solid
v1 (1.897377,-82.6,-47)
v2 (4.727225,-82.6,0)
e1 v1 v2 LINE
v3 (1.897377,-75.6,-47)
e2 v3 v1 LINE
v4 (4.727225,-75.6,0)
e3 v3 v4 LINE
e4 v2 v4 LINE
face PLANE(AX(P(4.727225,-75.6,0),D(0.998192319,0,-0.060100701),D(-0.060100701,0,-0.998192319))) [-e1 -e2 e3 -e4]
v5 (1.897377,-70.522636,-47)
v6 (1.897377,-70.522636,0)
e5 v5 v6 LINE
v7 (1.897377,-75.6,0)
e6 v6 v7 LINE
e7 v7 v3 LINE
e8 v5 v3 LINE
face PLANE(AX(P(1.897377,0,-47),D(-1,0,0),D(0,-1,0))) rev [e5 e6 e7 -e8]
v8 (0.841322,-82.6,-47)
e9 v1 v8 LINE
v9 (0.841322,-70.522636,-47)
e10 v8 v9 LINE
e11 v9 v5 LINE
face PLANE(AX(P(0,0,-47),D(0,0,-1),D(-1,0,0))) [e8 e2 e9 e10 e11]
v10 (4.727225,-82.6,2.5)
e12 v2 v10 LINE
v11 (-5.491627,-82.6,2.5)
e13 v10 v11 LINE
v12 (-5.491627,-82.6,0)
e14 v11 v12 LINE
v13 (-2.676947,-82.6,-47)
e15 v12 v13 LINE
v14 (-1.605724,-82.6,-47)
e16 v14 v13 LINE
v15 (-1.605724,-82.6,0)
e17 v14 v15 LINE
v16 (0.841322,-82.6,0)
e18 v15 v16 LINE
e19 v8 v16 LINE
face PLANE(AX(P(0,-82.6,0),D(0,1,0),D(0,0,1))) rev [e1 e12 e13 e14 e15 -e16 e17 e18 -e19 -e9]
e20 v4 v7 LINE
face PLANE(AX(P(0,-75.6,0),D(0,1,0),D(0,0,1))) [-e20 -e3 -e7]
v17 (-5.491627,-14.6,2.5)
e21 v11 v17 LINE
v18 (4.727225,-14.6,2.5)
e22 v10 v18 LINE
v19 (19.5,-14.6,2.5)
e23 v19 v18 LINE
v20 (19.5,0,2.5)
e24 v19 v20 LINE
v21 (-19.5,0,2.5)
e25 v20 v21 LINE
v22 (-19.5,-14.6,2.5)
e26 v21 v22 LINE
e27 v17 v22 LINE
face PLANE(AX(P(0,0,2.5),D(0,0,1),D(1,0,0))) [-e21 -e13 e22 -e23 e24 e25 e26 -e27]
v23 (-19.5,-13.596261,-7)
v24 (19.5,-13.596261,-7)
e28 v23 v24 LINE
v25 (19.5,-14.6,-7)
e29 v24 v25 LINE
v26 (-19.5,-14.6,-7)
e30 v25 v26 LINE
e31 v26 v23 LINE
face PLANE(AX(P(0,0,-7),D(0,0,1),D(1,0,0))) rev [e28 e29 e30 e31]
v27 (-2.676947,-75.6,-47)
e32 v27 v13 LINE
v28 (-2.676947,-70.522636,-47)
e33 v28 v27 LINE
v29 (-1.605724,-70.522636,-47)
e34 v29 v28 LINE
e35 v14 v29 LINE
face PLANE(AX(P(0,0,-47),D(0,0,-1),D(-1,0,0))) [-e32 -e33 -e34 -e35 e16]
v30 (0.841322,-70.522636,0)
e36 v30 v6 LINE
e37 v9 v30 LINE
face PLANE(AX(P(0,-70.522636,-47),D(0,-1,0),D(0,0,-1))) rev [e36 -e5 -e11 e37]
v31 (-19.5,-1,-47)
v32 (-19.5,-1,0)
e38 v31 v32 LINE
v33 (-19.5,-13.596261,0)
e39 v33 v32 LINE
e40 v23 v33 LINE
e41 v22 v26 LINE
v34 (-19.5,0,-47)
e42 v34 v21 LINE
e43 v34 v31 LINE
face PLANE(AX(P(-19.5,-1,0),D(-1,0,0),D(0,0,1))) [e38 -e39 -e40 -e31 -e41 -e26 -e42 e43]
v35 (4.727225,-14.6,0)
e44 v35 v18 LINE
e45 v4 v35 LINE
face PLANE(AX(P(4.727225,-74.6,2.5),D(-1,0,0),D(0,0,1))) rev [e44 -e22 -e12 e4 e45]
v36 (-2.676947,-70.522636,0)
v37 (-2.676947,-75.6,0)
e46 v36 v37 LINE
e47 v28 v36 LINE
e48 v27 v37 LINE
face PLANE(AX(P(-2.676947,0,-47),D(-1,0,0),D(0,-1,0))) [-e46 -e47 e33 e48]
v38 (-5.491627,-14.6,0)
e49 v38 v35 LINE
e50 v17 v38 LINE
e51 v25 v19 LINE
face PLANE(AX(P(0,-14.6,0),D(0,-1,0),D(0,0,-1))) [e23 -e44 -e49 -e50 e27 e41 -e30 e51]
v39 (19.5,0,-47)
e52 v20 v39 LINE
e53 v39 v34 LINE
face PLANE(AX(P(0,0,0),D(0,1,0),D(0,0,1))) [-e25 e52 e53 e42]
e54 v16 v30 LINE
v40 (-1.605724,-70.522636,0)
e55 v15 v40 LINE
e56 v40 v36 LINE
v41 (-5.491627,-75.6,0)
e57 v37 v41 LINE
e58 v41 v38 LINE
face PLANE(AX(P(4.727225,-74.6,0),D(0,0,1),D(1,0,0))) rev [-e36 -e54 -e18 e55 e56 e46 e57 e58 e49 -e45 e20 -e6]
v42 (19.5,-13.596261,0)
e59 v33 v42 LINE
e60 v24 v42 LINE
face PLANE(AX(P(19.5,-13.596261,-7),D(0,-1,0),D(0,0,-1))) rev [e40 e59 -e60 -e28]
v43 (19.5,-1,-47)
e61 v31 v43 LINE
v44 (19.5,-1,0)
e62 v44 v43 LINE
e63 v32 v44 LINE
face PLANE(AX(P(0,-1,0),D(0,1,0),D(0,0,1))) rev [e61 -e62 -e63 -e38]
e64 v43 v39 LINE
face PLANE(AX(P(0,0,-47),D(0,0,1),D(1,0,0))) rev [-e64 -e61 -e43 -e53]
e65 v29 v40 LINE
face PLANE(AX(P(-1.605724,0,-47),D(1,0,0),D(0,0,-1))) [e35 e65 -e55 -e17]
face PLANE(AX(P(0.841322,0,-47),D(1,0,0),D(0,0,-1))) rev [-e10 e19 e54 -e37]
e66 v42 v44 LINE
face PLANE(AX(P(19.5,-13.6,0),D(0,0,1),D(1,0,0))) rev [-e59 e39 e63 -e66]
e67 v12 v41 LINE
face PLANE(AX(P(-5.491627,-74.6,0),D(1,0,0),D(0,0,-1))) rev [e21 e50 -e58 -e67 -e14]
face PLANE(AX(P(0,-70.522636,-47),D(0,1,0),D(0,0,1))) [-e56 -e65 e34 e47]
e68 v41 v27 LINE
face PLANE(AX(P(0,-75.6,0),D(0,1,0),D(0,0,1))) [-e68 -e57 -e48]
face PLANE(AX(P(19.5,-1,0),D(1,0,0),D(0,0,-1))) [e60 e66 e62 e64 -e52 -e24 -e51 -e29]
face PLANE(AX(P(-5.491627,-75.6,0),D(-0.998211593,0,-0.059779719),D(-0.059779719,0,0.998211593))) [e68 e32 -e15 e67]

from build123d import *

# Parameters (mm, degrees)
EXTRUDE_1_DEPTH      = 1
EXTRUDE_2_DEPTH      = 2.5
EXTRUDE_2_DEPTH_BACK = 47
SKETCH_2_W           = 39
SKETCH_2_H           = 1
SKETCH_3_W           = 39
SKETCH_3_H           = 2.5
EXTRUDE_3_DEPTH      = 12.6
SKETCH_5_W           = 39
SKETCH_5_H           = 2.5
EXTRUDE_4_DEPTH      = 1
SKETCH_6_W           = 39
SKETCH_6_H           = 1.003738559
EXTRUDE_5_DEPTH      = 7
SKETCH_7_W           = 10.218852435
SKETCH_7_H           = 2.5
EXTRUDE_6_DEPTH      = 60
SKETCH_8_W           = 10.218852435
SKETCH_8_H           = 2.5
EXTRUDE_7_DEPTH      = 8
SKETCH_9_W           = 1.056054664
SKETCH_9_H           = 12.077363823
SKETCH_9_W_2         = 1.071222475
EXTRUDE_8_DEPTH      = 47
EXTRUDE_9_DEPTH      = 7


with BuildPart() as part:
    # 草圖1 → 填料-伸長1 (new body)
    with BuildSketch(Plane(origin=(0, 0, 0), x_dir=(1, 0, 0), z_dir=(0, 1, 0))):
        Polygon((-19.5, 0), (19.5, 0), (19.5, 7.09904377), (-12.701429462, 7.09904377), (-19.5, 10.228453209), align=None)
    extrude(amount=-EXTRUDE_1_DEPTH)

    # 草圖2 → 填料-伸長2 (add, two sides: drawn at the far end of the back side and taken through both)
    with BuildSketch(Plane.XY.offset(-EXTRUDE_2_DEPTH_BACK)):
        with Locations((0, -0.5)):
            Rectangle(SKETCH_2_W, SKETCH_2_H)
    extrude(amount=EXTRUDE_2_DEPTH + EXTRUDE_2_DEPTH_BACK)

    # 草圖3 → 填料-伸長3 (add)
    with BuildSketch(Plane.XZ.offset(1)):
        with Locations((0, 1.25)):
            Rectangle(SKETCH_3_W, SKETCH_3_H)
    extrude(amount=EXTRUDE_3_DEPTH)

    # 草圖5 → 填料-伸長4 (add)
    with BuildSketch(Plane.XZ.offset(13.6)):
        with Locations((0, 1.25)):
            Rectangle(SKETCH_5_W, SKETCH_5_H)
    extrude(amount=EXTRUDE_4_DEPTH)

    # 草圖6 → 填料-伸長5 (add)
    with BuildSketch(Plane(origin=(0, 0, 0), x_dir=(-1, 0, 0), z_dir=(0, 0, -1))):
        with Locations((0, -14.098130721)):
            Rectangle(SKETCH_6_W, SKETCH_6_H)
    extrude(amount=EXTRUDE_5_DEPTH)

    # 草圖7 → 填料-伸長6 (add)
    with BuildSketch(Plane.XZ.offset(14.6)):
        with Locations((-0.382201174, 1.25)):
            Rectangle(SKETCH_7_W, SKETCH_7_H)
    extrude(amount=EXTRUDE_6_DEPTH)

    # 草圖8 → 填料-伸長7 (add)
    with BuildSketch(Plane.XZ.offset(74.6)):
        with Locations((-0.382201174, 1.25)):
            Rectangle(SKETCH_8_W, SKETCH_8_H)
    extrude(amount=EXTRUDE_7_DEPTH)

    # 草圖9 → 填料-伸長8 (add)
    with BuildSketch(Plane(origin=(0, 0, 0), x_dir=(-1, 0, 0), z_dir=(0, 0, -1))):
        with Locations((-1.369349297, -76.561318089)):
            Rectangle(SKETCH_9_W, SKETCH_9_H)
        with Locations((2.14133555, -76.561318089)):
            Rectangle(SKETCH_9_W_2, SKETCH_9_H)
    extrude(amount=EXTRUDE_8_DEPTH)

    # 草圖10 → 填料-伸長9 (add)
    with BuildSketch(Plane.XZ.offset(82.6)):
        Polygon((-5.491627391, 0), (-2.676946787, -47), (-2.676946787, 0), align=None)
        Polygon((1.897376629, 0), (4.727225044, 0), (1.897376629, -47), align=None)
    extrude(amount=-EXTRUDE_9_DEPTH)


solid = part.part
